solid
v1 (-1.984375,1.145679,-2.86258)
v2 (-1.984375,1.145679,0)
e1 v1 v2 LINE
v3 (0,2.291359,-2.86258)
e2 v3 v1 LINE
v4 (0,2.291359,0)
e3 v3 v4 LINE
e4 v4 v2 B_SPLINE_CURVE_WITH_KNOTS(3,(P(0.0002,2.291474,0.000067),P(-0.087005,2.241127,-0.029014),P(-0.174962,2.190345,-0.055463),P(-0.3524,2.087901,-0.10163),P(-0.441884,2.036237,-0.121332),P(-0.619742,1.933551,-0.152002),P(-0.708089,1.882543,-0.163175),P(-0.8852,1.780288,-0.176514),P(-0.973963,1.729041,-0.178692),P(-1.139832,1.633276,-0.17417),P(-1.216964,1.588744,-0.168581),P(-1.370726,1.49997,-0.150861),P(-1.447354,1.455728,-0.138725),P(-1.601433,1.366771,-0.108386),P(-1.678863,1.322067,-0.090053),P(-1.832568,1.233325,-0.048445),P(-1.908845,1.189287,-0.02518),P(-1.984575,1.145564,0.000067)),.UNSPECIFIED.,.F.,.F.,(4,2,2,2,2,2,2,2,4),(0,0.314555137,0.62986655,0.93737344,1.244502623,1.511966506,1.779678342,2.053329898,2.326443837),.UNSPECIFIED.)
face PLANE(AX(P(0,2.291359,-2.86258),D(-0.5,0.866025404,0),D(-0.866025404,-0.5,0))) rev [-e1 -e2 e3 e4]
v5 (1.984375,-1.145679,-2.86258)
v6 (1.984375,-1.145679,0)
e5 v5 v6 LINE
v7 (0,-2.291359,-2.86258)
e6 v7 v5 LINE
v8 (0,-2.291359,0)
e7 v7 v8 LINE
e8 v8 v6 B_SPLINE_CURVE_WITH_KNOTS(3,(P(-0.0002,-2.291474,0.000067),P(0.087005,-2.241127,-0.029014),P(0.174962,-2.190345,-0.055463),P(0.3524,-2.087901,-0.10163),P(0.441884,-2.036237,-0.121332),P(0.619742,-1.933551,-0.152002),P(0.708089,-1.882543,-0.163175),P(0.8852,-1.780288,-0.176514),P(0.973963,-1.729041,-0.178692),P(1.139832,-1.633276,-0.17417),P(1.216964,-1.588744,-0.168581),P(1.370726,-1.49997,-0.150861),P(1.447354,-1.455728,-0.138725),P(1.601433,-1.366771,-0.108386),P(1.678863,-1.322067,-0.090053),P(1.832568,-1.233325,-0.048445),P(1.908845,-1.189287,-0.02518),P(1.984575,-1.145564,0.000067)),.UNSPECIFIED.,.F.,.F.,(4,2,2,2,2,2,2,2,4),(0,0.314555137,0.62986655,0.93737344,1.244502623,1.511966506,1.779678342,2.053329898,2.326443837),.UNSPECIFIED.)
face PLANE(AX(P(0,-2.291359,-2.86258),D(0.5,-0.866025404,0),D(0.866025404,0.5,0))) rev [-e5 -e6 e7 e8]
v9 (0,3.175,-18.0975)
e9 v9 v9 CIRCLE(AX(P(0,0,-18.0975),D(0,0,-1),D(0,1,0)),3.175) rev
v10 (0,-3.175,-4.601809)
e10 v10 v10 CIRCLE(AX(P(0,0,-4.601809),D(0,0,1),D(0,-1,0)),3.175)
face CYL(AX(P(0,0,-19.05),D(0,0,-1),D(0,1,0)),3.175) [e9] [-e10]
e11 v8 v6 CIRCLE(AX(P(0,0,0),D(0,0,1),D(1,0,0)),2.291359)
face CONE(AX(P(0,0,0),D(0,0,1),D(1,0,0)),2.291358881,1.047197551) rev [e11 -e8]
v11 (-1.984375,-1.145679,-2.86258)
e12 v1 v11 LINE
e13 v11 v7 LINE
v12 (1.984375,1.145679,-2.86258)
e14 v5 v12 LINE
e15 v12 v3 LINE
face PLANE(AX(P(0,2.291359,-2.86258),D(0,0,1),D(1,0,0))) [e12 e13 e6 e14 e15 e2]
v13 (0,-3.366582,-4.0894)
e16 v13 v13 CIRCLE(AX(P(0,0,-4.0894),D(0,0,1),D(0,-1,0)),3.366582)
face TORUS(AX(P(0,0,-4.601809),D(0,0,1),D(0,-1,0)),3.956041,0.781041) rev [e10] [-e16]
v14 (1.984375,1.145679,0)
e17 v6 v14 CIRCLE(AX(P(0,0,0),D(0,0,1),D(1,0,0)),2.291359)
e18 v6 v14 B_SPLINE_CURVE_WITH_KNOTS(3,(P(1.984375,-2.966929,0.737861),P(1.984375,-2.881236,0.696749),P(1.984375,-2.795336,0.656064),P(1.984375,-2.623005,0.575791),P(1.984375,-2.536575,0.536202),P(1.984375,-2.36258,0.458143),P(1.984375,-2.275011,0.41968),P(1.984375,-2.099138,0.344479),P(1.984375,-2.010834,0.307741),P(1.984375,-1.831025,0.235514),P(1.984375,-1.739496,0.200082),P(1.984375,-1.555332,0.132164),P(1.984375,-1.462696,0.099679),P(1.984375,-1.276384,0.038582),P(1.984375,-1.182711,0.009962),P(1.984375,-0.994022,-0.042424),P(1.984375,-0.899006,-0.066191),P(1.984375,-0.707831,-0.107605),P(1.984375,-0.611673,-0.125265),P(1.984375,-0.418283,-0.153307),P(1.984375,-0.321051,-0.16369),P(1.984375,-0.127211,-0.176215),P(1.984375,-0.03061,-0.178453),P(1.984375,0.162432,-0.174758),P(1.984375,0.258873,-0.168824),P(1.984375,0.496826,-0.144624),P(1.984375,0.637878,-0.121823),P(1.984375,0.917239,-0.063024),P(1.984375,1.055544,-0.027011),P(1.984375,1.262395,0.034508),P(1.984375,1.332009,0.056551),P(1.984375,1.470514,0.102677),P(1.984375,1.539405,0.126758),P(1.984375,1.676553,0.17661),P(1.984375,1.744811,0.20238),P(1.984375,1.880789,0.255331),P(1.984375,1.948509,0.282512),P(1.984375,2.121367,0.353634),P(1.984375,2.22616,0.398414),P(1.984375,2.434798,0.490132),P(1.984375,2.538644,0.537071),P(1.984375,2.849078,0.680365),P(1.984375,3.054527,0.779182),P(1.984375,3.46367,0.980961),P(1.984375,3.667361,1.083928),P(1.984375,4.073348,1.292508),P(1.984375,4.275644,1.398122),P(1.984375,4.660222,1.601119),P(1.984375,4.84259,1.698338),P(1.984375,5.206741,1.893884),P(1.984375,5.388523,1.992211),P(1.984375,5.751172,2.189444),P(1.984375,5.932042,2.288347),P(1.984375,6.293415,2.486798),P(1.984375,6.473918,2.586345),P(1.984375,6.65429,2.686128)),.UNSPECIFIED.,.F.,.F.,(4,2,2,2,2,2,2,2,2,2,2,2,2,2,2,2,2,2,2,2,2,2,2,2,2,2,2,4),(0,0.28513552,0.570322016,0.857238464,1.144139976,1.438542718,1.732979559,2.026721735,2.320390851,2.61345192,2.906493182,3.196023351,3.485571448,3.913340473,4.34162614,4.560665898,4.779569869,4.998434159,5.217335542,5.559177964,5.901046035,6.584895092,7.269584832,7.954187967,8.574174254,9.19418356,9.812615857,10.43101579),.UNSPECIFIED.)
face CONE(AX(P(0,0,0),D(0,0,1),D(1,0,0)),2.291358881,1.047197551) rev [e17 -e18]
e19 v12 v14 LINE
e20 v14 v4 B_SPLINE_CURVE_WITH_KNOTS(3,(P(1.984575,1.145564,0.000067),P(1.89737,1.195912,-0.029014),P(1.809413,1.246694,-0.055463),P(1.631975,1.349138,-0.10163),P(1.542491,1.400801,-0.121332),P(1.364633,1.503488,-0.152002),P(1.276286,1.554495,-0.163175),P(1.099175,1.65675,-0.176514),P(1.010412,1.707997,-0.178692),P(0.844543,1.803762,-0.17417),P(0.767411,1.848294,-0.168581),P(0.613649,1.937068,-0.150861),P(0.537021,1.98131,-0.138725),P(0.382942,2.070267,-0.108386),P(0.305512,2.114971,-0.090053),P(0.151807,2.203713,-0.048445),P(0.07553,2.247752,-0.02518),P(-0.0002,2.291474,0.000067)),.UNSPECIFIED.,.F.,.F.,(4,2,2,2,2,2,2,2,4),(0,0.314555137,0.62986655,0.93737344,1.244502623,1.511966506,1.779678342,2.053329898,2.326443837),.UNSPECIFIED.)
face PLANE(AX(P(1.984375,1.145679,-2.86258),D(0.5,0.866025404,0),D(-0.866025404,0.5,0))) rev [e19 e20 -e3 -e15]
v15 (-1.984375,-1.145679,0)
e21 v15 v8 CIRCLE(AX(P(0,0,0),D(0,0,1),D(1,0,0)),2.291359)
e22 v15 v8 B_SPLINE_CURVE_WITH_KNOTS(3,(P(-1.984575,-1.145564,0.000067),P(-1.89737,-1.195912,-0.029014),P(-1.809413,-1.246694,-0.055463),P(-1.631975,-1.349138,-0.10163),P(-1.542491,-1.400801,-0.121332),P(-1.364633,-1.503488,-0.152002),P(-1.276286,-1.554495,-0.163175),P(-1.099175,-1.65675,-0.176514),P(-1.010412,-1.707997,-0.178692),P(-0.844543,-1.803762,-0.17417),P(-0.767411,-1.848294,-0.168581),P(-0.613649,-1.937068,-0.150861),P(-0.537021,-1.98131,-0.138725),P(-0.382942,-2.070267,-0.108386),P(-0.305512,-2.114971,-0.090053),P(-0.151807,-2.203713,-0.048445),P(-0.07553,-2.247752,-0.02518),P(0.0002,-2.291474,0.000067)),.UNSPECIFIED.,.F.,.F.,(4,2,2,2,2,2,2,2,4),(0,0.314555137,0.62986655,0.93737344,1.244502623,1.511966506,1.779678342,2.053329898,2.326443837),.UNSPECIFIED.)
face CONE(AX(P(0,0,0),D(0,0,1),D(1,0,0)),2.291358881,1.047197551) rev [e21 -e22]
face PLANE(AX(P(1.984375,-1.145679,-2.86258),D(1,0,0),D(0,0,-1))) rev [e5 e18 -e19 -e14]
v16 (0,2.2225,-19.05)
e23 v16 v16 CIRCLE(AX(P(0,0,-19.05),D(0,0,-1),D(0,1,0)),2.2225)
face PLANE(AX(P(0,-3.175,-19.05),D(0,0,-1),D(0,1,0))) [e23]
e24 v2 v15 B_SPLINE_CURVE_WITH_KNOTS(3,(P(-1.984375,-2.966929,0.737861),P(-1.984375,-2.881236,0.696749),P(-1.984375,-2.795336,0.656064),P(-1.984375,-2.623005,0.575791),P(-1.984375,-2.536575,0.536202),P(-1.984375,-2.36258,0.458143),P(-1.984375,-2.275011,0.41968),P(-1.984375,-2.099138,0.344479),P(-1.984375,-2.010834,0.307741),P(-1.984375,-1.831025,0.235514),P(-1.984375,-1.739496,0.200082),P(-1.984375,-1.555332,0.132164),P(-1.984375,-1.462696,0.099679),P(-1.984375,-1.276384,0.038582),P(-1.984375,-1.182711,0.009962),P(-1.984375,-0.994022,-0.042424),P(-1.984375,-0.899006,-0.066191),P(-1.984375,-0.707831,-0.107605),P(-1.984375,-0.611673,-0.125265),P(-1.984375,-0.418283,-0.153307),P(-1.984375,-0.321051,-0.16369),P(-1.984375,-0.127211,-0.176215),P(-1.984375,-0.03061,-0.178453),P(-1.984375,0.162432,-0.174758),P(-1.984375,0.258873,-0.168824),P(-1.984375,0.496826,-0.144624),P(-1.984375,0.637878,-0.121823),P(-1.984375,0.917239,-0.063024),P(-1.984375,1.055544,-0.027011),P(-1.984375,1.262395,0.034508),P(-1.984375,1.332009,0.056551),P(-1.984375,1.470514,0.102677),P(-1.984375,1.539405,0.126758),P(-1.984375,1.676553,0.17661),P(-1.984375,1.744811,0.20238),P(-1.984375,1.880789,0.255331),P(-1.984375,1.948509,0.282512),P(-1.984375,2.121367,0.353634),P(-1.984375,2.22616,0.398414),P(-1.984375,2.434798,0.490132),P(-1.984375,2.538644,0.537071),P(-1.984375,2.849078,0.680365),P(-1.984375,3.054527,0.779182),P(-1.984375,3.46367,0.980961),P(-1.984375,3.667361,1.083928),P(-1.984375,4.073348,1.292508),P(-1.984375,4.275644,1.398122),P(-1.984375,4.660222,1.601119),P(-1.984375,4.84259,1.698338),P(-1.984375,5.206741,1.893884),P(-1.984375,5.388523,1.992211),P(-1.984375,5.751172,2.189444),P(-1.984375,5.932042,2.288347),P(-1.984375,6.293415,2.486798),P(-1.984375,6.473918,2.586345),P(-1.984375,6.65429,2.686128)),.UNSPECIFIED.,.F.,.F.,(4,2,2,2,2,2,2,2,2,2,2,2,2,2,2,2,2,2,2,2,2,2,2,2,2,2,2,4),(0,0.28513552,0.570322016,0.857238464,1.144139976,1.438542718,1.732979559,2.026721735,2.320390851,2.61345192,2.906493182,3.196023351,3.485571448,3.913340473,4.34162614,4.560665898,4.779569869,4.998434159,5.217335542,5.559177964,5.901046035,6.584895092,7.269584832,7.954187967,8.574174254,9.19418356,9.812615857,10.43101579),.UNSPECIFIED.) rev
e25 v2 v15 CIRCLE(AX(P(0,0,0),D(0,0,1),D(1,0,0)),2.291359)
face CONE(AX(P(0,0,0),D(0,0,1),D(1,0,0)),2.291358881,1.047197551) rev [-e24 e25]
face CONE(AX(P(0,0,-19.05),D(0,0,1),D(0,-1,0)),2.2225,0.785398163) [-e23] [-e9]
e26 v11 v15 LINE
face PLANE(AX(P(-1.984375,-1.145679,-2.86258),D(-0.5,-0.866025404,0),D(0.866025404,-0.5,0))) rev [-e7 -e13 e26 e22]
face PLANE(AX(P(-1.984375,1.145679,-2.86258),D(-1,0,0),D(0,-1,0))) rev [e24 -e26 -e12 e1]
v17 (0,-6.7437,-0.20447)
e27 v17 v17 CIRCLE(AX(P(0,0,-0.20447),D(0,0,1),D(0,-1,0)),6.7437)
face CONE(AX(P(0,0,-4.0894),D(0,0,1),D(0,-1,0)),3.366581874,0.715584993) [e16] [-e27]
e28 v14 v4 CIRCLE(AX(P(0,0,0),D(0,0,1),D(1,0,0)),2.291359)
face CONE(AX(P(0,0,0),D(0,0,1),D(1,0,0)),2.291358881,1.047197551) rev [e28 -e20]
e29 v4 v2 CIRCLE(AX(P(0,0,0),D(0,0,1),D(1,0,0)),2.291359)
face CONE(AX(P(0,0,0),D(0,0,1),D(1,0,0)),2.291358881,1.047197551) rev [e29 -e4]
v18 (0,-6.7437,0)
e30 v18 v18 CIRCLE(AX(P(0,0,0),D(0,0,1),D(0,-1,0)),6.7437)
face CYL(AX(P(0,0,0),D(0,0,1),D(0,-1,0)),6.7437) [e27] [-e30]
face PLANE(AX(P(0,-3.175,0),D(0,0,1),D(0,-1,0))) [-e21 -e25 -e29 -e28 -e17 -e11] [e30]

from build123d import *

# Parameters (mm, degrees)
SKETCH1_W          = 19.05
SKETCH1_H          = 3.175
CHAMFER1_SIZE      = 0.9525
CUT_EXTRUDE2_DEPTH = 2.86258


with BuildPart() as part:
    # Sketch1 → Revolve1 (revolve)
    with BuildSketch(Plane(origin=(0, 0, 0), x_dir=(0, 0, -1), z_dir=(1, 0, 0))):
        with Locations((9.525, 1.5875)):
            Rectangle(SKETCH1_W, SKETCH1_H)
    revolve(axis=Axis((0, 0, -19.05), (0, 0, 1)))

    # Chamfer1
    chamfer1_edges = [part.edges().sort_by_distance(p)[0] for p in [
        (0, -3.175, -19.05),
    ]]
    chamfer(chamfer1_edges, length=CHAMFER1_SIZE)

    # Sketch7 → Revolve2 (revolve)
    with BuildSketch(Plane(origin=(0, 0, 0), x_dir=(0, 0, -1), z_dir=(1, 0, 0)), mode=Mode.PRIVATE) as revolve2_sk:
        with BuildLine():
            Line((0, 6.7437), (0.20447, 6.7437))
            Line((0.20447, 6.7437), (4.0894, 3.366581874))
            ThreePointArc((4.0894, 3.366581874), (4.328282675, 3.224461616), (4.601808997, 3.175))
            Line((4.601808997, 3.175), (4.601808997, 0))
            Line((4.601808997, 0), (0, 0))
            Line((0, 0), (0, 6.7437))
        make_face()
    revolve(revolve2_sk.sketch.rotate(Axis((0, 0, 0), (0, 0, -1)), 180), axis=Axis((0, 0, 0), (0, 0, -1)))

    # Boss-Extrude1 cone 1 section (through the dimple's axis) → Boss-Extrude1 (revolve)
    with BuildSketch(Plane(origin=(0, 0, -4.601808997), x_dir=(0, -1, 0), z_dir=(1, 0, 0))):
        Polygon((0, 0), (3.175, 0), (0, 3.06606186), align=None)
    revolve(axis=Axis((0, 0, -4.601808997), (0, 0, -1)))

    # Sketch5 → Cut-Extrude2 (cut)
    with BuildSketch(Plane.XY):
        Polygon((0, 2.291358881), (-1.984375, 1.14567944), (-1.984375, -1.14567944), (0, -2.291358881), (1.984375, -1.14567944), (1.984375, 1.14567944), align=None)
    extrude(amount=-CUT_EXTRUDE2_DEPTH, mode=Mode.SUBTRACT)

    # Cut-Extrude3 cone 1 section (through the dimple's axis) → Cut-Extrude3 (revolve, cut)
    with BuildSketch(Plane(origin=(0, 0, 0), x_dir=(0, -1, 0), z_dir=(1, 0, 0))):
        Polygon((0, 0), (2.291358881, 0), (0, 1.322916667), align=None)
    revolve(axis=Axis((0, 0, 0), (0, 0, -1)), mode=Mode.SUBTRACT)


solid = part.part
